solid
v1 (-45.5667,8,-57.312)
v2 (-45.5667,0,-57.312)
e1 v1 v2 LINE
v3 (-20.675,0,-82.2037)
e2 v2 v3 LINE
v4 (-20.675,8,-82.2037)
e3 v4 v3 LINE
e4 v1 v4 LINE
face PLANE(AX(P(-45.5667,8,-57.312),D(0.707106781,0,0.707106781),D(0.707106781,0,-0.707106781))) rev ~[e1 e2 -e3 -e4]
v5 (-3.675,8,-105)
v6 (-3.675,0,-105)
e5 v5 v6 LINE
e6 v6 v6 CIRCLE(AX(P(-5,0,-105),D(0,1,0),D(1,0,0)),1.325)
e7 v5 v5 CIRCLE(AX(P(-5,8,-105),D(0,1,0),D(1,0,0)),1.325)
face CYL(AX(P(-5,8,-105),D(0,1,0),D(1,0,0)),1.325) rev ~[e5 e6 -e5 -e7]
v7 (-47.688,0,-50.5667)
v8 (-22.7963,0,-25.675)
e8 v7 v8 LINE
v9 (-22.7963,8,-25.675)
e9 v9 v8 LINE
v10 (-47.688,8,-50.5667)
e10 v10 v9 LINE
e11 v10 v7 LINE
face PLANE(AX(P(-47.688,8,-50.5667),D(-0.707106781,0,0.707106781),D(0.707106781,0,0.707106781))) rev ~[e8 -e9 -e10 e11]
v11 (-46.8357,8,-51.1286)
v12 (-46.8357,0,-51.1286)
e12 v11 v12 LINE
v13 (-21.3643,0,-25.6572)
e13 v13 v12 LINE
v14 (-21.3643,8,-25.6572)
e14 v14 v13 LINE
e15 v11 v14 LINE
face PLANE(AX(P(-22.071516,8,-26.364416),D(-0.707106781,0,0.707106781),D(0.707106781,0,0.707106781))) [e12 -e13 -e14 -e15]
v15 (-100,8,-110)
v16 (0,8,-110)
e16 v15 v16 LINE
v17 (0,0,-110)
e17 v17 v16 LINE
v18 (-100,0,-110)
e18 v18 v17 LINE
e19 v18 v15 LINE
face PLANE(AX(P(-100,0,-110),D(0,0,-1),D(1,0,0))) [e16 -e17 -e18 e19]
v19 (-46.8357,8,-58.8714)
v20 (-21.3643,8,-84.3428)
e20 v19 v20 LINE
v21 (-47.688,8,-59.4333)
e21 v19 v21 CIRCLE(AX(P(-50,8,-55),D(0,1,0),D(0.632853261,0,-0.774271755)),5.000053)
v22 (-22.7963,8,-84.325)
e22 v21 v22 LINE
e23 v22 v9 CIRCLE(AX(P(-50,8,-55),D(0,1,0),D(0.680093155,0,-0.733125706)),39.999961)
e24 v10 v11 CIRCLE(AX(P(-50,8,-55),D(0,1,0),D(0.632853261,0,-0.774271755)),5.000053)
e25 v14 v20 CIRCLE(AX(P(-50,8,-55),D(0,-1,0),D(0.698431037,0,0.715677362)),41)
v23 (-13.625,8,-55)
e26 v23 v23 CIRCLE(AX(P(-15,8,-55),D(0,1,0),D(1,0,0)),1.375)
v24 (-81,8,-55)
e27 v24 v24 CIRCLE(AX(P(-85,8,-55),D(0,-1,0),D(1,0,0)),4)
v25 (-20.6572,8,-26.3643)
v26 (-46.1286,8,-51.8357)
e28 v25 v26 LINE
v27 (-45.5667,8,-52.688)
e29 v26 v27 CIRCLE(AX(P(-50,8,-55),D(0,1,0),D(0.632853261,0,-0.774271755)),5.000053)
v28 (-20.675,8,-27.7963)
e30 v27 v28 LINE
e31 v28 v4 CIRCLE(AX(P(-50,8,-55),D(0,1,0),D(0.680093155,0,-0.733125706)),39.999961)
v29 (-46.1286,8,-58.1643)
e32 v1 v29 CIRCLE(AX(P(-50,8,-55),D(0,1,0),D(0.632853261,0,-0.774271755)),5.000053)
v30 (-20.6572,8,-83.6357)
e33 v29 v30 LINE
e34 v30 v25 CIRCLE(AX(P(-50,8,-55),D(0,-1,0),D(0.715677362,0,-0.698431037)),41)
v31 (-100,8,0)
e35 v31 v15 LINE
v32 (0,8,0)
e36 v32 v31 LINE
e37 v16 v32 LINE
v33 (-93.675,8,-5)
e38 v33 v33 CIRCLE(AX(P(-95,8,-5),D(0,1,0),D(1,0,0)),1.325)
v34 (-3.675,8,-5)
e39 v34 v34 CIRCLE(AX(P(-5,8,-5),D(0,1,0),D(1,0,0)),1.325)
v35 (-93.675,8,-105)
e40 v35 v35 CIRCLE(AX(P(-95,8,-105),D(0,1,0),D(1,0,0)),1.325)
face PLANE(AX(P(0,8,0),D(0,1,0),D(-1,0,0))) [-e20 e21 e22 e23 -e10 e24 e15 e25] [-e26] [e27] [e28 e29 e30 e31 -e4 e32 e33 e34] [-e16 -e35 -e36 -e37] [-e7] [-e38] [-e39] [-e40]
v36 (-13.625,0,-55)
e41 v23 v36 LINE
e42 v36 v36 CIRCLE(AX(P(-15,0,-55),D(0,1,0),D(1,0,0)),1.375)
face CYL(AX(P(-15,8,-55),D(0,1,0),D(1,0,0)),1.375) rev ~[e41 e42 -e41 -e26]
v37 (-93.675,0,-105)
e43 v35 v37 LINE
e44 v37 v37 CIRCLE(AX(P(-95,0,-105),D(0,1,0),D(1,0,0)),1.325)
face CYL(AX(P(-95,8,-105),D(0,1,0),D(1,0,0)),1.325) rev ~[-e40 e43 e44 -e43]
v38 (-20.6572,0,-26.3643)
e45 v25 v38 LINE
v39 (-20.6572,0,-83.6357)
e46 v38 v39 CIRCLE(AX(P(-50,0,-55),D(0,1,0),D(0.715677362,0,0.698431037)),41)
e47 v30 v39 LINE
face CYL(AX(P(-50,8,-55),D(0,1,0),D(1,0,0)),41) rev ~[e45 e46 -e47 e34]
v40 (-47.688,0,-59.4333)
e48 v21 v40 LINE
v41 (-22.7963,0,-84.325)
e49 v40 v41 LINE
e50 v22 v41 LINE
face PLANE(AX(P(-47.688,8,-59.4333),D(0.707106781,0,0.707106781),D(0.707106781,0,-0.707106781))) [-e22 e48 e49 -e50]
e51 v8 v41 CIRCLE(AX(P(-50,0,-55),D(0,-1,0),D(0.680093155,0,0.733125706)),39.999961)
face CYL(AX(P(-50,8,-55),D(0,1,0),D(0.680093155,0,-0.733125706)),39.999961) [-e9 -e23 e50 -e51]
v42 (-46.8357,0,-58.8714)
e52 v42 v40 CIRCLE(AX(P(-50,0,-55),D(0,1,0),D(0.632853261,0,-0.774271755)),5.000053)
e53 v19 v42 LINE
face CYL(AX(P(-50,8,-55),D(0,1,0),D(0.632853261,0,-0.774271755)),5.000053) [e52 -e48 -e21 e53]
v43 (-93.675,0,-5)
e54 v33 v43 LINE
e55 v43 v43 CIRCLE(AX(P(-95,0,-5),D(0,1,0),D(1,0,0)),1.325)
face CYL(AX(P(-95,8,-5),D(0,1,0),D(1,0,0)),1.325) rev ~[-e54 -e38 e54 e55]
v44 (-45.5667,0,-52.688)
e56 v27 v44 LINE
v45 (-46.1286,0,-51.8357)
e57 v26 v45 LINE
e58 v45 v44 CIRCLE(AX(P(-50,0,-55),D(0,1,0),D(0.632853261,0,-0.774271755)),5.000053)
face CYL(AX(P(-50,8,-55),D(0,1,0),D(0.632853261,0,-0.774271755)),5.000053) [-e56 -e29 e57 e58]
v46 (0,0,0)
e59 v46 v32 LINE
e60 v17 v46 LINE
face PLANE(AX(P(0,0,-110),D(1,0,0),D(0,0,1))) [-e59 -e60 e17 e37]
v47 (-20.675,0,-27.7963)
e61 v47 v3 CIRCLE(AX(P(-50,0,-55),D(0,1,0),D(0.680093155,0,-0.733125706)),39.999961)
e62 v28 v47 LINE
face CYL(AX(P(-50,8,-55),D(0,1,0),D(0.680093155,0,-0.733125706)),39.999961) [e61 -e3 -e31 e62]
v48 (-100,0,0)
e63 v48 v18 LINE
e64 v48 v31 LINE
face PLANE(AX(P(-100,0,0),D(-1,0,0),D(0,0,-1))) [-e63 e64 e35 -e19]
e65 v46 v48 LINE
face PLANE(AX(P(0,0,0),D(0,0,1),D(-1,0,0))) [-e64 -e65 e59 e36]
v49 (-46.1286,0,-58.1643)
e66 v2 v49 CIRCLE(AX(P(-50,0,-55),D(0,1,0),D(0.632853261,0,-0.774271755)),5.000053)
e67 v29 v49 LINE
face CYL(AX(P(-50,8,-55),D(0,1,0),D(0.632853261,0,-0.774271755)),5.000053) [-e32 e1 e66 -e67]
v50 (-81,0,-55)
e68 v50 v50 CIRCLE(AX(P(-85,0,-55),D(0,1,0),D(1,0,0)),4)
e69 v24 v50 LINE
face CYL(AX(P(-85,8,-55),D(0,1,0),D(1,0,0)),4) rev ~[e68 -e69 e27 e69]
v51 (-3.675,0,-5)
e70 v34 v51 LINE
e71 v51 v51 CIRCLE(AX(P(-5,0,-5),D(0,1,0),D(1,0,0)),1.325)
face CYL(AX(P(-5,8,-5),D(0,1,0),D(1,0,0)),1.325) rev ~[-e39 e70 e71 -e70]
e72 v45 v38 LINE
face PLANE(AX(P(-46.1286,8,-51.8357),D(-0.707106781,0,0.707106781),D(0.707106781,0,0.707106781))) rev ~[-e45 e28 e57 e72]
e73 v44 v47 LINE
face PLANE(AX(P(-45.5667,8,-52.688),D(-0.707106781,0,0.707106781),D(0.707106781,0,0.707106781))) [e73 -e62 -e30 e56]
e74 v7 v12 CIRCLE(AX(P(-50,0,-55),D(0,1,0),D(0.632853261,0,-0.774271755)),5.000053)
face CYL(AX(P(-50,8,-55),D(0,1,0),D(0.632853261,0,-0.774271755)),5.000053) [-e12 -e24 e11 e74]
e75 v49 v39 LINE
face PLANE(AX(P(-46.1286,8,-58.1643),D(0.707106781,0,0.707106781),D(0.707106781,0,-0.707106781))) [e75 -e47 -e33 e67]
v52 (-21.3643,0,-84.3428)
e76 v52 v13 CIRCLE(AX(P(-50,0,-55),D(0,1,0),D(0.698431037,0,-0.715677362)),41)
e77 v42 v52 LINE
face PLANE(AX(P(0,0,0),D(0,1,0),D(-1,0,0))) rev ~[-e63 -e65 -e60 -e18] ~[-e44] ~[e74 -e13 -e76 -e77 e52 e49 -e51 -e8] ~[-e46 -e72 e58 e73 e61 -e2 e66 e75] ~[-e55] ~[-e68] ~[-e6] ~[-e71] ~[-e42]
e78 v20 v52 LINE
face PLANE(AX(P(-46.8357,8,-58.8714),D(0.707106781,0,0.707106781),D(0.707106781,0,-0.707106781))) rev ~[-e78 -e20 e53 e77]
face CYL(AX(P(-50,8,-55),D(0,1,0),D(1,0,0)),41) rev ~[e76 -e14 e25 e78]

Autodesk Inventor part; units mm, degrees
ref_plane "YZ Plane" through (0, 0, 0) normal (1, 0, 0) x (0, 1, 0)
ref_plane "XZ Plane" through (0, 0, 0) normal (0, 1, 0) x (-1, 0, 0)
ref_plane "XY Plane" through (0, 0, 0) normal (0, 0, 1) x (1, 0, 0)
sketch "Sketch1" plane through (0, 0, 0) normal (0, 1, 0) x (-1, 0, 0)
  line L0 (0, 0) -> (100, 0)
  line L1 (100, 0) -> (100, -110)
  line L2 (100, -110) -> (0, -110)
  line L3 (0, -110) -> (0, 0)
  line L4 (0, 0) -> (0, 0)
  line L5 (0, 0) -> (0, -150)
  line L6 (0, -150) -> (0, -150)
  line L7 (0, -150) -> (0, 0)
  line L8 (100, 0) -> (100, 0)
  line L9 (100, 0) -> (100, -150)
  line L10 (100, -150) -> (100, -150)
  line L11 (100, -150) -> (100, 0)
  point P0 (100, -110)
  point P1 (0, 0)
  point P2 (0, -110)
  dimension "d0" = 100
  dimension "d1" = 110
  dimension "d2" = 0
  dimension "d3" = 0
  dimension "d4" = 150
  dimension "d5" = 150
extrude "Extrusion1" add sketch "Sketch1" along normal blind 8
sketch "Sketch2" plane through (0, 8, 0) normal (0, 1, 0) x (1, 0, 0)
  circle A0 centre (-95, 5) radius 1.325
  line L0 (-100, 0) -> (0, 0) projected
  line L1 (-100, 110) -> (-100, 0) projected
  line L2 (-100, 55) -> (-85.0305, 55)
  line L3 (-50, 0) -> (-50, 9.4063)
  circle A1 centre (-95, 105) radius 1.325
  circle A2 centre (-5, 5) radius 1.325
  circle A3 centre (-5, 105) radius 1.325
  point P0 (0, 110)
  dimension "d118" = 5
  dimension "d119" = 5
  dimension "d120" = 2.65
extrude "Extrusion2" cut sketch "Sketch2" against normal blind 20
sketch "Sketch8" plane through (0, 8, 0) normal (0, 1, 0) x (1, 0, 0)
  line L0 (0, 0) -> (0, 110) projected
  arc A0 (-46.8357, 58.8714) -> (-46.1286, 58.1643) centre (-50, 55) ccw
  line L1 (-100, 0) -> (0, 0) projected
  line L2 (-55, 55) -> (-100, 55)
  line L3 (-100, 110) -> (-100, 0) projected
  line L4 (-50.2848, 59.9919) -> (-50.2848, 110)
  line L5 (0, 110) -> (-100, 110) projected
  circle A1 centre (-50, 55) radius 41
  circle A2 centre (-15, 55) radius 1.375
  circle A3 centre (-85, 55) radius 4
  line L6 (-50, 55) -> (-21.7157, 83.2843)
  line L7 (-46.8357, 58.8714) -> (-21.3643, 84.3428)
  line L8 (-46.1286, 58.1643) -> (-20.6572, 83.6357)
  line L9 (-47.688, 59.4333) -> (-22.7963, 84.325)
  line L10 (-45.5667, 57.312) -> (-20.675, 82.2037)
  arc A4 (-22.7963, 84.325) -> (-20.675, 82.2037) centre (-50, 55) ccw
  line L11 (-50, 55) -> (-21.7157, 26.7157)
  line L12 (-45.5667, 52.688) -> (-20.675, 27.7963)
  line L13 (-47.688, 50.5667) -> (-22.7963, 25.675)
  line L14 (-46.8357, 51.1286) -> (-21.3643, 25.6572)
  line L15 (-46.1286, 51.8357) -> (-20.6572, 26.3643)
  point P0 (-54.7697, 53.5)
  point P1 (-54.7697, 56.5)
  point P2 (-48.7848, 59.8501)
  point P3 (-21.3644, 27.0715)
  point P4 (-22.0715, 26.3644)
  dimension "d134" = 10
  dimension "d132" = 50
  dimension "d133" = 55
  dimension "d136" = 82
  dimension "d145" = 35
  dimension "d146" = 0
  dimension "d147" = 2.75
  dimension "d155" = 8
  dimension "d156" = 35
  dimension "d157" = 45
  dimension "d158" = 0.5
  dimension "d159" = 0.5
  dimension "d160" = 1
  dimension "d161" = 1
  dimension "d164" = 90
extrude "Extrusion5" cut sketch "Sketch8" against normal blind 20 contours A1 L7 A0 L9 A4 L4 | L4 A4 L2 A1 | L2 A4 L14 A1 | A1 L15 A4 L10 A0 L8 | A3 L2 | L2 A3 | L13 A0 L14 A4 | L15 A0 L12 A4 | A2
equation "\"d19\" = d18"
equation "\"d21\" = d22"
equation "\"BladeThickness\" = 1"
equation "\"NeckThickness\" = 1"
equation "\"d18\" = 45"
equation "\"d22\" = 47"
properties part number "FlexK7V2"
